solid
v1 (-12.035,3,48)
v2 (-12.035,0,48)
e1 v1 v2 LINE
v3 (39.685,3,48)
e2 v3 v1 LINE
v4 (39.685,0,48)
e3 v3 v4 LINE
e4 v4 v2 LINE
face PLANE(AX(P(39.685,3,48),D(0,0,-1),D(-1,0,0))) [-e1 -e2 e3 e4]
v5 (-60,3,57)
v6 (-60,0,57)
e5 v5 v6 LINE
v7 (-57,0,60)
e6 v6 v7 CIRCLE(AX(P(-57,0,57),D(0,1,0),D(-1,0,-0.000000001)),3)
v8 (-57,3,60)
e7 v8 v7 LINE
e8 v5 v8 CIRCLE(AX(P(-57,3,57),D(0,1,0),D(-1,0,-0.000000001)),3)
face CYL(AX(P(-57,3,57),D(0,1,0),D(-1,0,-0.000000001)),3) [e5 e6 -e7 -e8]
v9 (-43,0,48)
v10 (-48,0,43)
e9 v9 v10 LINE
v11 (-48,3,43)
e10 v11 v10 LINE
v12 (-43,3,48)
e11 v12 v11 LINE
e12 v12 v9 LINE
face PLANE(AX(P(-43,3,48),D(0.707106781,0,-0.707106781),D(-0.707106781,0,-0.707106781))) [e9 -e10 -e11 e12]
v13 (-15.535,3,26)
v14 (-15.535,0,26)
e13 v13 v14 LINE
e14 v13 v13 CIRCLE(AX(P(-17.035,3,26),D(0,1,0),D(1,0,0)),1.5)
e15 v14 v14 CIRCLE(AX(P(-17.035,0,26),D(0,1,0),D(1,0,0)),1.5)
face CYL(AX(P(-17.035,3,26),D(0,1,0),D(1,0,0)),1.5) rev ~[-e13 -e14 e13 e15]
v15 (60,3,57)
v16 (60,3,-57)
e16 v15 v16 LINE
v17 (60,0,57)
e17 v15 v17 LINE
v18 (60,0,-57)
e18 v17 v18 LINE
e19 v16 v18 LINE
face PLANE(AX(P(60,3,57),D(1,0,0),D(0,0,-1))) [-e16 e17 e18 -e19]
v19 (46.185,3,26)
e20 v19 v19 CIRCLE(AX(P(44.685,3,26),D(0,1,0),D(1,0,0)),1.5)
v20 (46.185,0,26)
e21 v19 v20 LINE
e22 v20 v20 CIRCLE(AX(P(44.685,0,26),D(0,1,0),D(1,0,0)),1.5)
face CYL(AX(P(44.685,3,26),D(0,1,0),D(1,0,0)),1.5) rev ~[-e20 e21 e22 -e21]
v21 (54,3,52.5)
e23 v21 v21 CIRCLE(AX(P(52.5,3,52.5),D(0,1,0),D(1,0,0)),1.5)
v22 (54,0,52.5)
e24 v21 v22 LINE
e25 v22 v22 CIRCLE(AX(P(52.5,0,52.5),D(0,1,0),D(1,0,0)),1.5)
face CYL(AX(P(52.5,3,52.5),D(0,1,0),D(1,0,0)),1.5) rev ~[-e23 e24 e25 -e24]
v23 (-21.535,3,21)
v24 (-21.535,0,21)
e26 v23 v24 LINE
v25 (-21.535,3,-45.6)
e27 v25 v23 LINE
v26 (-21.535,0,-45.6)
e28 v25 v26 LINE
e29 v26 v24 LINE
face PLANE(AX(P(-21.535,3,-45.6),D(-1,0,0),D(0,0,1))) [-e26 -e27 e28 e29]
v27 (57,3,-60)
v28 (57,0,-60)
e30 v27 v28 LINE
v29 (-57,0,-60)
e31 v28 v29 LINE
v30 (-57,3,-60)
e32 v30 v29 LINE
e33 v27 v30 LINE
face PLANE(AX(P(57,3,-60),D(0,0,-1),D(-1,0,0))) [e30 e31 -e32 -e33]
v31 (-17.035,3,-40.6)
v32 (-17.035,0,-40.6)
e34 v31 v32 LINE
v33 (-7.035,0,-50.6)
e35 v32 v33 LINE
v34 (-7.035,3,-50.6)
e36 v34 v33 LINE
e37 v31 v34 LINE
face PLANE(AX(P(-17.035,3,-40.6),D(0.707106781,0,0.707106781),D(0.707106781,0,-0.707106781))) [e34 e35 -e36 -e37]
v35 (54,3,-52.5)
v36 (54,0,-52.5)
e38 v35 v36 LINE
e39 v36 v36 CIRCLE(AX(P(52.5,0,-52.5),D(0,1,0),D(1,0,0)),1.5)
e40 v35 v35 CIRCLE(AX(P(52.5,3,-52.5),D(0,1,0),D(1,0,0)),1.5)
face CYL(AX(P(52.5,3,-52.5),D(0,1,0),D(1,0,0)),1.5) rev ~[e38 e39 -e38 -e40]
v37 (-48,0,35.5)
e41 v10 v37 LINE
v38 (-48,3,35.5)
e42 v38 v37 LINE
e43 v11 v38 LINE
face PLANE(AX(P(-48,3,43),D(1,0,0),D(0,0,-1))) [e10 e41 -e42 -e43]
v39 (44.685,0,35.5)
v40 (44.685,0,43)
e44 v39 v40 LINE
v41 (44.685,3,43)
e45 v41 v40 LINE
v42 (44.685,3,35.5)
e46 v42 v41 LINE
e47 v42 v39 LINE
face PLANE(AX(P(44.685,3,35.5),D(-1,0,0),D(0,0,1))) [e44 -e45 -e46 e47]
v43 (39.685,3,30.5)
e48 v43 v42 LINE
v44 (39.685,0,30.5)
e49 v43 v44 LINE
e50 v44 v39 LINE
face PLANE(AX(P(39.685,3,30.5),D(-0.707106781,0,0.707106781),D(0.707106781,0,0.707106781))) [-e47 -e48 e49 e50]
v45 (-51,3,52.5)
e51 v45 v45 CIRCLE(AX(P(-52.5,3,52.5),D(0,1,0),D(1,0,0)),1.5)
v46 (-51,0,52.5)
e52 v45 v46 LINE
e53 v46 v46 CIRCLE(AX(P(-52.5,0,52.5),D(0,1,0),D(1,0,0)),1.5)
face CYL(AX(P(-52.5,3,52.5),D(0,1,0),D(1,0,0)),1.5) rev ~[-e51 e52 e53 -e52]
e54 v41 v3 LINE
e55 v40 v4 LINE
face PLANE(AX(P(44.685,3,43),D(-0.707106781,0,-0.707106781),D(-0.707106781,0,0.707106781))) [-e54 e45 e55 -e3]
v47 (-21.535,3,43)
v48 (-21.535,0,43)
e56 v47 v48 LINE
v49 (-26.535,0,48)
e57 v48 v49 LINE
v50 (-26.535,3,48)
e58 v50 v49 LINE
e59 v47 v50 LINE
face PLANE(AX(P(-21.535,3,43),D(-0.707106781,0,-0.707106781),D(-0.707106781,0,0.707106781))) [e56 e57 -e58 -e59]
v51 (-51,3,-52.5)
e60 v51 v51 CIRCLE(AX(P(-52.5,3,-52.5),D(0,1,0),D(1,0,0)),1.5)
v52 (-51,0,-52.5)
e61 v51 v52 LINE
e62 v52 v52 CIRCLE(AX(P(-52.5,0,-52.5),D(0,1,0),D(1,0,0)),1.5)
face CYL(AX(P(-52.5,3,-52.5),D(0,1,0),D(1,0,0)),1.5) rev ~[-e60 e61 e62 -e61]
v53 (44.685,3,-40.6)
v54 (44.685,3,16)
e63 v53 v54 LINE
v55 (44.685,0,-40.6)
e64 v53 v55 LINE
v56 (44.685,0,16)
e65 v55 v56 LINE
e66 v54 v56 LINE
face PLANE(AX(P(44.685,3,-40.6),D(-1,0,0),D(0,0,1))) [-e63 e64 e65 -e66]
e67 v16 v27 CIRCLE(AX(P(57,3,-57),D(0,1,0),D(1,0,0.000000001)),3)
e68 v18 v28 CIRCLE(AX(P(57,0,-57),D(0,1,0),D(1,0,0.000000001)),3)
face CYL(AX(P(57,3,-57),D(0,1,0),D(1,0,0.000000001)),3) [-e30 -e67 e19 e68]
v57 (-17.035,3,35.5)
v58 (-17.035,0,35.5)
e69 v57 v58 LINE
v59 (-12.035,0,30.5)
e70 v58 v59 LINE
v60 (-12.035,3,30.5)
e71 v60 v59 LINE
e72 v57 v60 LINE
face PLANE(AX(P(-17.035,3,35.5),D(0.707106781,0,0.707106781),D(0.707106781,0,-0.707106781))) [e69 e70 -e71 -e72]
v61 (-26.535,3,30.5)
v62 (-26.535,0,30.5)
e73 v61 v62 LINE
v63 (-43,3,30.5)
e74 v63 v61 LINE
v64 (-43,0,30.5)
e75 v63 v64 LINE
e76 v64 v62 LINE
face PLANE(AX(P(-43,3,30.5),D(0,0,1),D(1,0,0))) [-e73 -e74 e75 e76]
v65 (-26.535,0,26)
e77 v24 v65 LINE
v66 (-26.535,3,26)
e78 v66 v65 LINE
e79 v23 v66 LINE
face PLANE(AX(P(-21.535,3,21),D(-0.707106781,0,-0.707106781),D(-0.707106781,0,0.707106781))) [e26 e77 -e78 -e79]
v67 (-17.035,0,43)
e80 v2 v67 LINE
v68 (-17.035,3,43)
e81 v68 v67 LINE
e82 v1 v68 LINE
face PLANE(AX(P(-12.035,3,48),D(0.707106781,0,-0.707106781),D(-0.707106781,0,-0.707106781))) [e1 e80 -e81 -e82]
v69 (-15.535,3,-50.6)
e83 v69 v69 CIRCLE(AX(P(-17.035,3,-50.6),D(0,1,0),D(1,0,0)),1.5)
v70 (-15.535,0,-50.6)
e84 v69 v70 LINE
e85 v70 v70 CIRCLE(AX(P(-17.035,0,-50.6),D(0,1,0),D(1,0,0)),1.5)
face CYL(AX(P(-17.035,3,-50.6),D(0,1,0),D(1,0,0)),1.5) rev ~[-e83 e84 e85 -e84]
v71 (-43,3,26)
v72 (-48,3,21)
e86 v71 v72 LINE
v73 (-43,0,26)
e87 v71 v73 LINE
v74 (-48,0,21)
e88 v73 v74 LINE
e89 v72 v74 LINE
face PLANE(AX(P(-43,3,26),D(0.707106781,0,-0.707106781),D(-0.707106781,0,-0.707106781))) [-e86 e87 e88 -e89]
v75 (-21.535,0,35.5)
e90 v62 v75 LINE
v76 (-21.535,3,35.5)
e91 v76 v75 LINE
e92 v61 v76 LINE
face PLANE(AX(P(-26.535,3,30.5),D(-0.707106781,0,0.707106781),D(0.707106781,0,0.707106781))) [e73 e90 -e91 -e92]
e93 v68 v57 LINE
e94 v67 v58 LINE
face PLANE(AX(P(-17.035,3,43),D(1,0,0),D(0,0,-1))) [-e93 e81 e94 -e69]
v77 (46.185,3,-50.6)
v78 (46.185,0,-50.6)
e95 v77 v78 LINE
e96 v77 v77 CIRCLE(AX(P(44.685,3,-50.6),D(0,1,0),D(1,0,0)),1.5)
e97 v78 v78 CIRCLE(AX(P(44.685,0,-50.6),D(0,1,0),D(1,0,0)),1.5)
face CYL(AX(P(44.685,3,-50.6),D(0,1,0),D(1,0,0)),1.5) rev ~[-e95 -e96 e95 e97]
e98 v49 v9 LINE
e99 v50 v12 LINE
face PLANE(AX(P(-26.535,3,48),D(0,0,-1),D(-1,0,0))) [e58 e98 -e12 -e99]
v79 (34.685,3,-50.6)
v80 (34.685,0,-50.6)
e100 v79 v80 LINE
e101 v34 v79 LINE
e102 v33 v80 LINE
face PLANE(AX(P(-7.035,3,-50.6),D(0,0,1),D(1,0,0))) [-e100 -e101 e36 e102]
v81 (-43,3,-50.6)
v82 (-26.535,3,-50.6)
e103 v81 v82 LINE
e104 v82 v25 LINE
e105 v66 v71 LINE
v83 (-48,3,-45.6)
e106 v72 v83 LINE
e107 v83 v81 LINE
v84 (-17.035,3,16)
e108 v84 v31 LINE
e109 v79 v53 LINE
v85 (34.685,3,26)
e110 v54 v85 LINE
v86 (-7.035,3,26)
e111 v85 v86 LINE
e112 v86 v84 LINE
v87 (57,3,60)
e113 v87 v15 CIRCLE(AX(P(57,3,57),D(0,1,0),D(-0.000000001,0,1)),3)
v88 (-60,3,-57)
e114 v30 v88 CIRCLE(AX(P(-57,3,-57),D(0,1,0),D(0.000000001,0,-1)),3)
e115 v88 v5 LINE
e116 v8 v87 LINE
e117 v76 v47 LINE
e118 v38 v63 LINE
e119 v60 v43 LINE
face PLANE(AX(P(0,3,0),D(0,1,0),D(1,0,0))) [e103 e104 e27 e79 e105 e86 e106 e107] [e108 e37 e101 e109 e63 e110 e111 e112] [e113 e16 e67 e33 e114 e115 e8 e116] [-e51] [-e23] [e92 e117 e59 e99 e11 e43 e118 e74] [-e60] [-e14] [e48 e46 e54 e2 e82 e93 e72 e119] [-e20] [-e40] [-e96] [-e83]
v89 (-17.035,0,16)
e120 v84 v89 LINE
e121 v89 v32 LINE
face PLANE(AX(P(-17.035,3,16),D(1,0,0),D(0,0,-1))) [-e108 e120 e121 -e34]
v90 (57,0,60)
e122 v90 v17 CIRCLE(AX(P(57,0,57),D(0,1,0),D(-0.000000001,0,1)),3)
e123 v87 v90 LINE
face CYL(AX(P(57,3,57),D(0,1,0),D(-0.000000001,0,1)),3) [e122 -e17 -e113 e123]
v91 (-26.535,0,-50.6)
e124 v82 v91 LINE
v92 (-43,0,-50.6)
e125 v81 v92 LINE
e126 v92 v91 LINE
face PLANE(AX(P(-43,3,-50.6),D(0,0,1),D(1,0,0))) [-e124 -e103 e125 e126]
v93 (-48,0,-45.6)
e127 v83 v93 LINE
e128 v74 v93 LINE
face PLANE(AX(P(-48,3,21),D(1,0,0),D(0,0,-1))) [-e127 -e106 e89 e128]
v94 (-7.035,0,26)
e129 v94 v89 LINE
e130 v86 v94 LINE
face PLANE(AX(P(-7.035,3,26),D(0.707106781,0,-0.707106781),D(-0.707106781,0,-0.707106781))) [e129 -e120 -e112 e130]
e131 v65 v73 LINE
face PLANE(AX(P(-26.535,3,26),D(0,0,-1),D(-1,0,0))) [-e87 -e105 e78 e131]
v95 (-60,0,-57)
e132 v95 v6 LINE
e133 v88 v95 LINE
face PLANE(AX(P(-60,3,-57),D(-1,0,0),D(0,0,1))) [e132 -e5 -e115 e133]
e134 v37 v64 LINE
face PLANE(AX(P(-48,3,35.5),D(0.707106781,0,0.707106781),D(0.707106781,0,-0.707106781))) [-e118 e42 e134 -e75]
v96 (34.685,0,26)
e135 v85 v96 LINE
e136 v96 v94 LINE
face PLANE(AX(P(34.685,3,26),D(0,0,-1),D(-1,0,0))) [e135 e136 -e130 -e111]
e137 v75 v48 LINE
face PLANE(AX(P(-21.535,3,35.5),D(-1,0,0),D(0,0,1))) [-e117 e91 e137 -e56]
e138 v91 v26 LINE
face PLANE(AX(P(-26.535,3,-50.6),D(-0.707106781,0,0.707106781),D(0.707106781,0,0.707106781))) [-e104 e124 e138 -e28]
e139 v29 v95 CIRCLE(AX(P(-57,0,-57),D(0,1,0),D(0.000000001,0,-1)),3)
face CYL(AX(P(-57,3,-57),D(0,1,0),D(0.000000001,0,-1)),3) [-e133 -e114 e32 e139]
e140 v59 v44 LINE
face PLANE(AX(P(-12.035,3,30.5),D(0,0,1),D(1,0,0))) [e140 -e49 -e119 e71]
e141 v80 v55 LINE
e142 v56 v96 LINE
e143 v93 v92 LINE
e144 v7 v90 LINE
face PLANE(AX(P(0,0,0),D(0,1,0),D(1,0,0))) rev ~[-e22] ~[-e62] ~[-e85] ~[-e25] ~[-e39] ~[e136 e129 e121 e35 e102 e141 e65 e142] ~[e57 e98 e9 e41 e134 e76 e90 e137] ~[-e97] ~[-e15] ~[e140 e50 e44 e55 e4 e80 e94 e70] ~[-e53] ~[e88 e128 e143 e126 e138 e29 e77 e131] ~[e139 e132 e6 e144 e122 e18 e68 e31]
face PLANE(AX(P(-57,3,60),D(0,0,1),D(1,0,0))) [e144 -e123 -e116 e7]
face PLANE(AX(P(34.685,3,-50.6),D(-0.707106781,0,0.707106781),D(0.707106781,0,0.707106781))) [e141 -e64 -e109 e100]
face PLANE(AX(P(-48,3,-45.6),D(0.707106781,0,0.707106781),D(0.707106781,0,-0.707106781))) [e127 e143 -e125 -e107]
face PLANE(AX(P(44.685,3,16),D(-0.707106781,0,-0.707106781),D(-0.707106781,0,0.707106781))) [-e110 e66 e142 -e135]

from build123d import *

# Parameters (mm, degrees)
SKETCH_1_R      = 1.5
EXTRUDE_1_DEPTH = 3


with BuildPart() as part:
    # 草圖1 → 填料-伸長1 (new body)
    with BuildSketch(Plane(origin=(0, 3, 0), x_dir=(1, 0, 0), z_dir=(0, 1, 0))):
        with BuildLine():
            Line((-60, 57), (-60, -57))
            ThreePointArc((-60, -57), (-59.121320344, -59.121320344), (-57, -60))
            Line((-57, -60), (57, -60))
            ThreePointArc((57, -60), (59.121320344, -59.121320344), (60, -57))
            Line((60, -57), (60, 57))
            ThreePointArc((60, 57), (59.121320344, 59.121320344), (57, 60))
            Line((57, 60), (-57, 60))
            ThreePointArc((-57, 60), (-59.121320344, 59.121320344), (-60, 57))
        make_face()
        with Locations((-17.035, 50.6)):
            Circle(SKETCH_1_R, mode=Mode.SUBTRACT)
        with Locations((44.685, 50.6)):
            Circle(SKETCH_1_R, mode=Mode.SUBTRACT)
        with Locations((44.685, -26)):
            Circle(SKETCH_1_R, mode=Mode.SUBTRACT)
        with Locations((-17.035, -26)):
            Circle(SKETCH_1_R, mode=Mode.SUBTRACT)
        with Locations((52.5, -52.5)):
            Circle(SKETCH_1_R, mode=Mode.SUBTRACT)
        with Locations((-52.5, 52.5)):
            Circle(SKETCH_1_R, mode=Mode.SUBTRACT)
        with Locations((52.5, 52.5)):
            Circle(SKETCH_1_R, mode=Mode.SUBTRACT)
        with Locations((-52.5, -52.5)):
            Circle(SKETCH_1_R, mode=Mode.SUBTRACT)
        Polygon((-48, -21), (-48, 45.6), (-43, 50.6), (-26.535, 50.6), (-21.535, 45.6), (-21.535, -21), (-26.535, -26), (-43, -26), align=None, mode=Mode.SUBTRACT)
        Polygon((-17.035, -43), (-17.035, -35.5), (-12.035, -30.5), (39.685, -30.5), (44.685, -35.5), (44.685, -43), (39.685, -48), (-12.035, -48), align=None, mode=Mode.SUBTRACT)
        Polygon((-48, -43), (-48, -35.5), (-43, -30.5), (-26.535, -30.5), (-21.535, -35.5), (-21.535, -43), (-26.535, -48), (-43, -48), align=None, mode=Mode.SUBTRACT)
        Polygon((-7.035, 50.6), (34.685, 50.6), (44.685, 40.6), (44.685, -16), (34.685, -26), (-7.035, -26), (-17.035, -16), (-17.035, 40.6), align=None, mode=Mode.SUBTRACT)
    extrude(amount=-EXTRUDE_1_DEPTH)


solid = part.part
